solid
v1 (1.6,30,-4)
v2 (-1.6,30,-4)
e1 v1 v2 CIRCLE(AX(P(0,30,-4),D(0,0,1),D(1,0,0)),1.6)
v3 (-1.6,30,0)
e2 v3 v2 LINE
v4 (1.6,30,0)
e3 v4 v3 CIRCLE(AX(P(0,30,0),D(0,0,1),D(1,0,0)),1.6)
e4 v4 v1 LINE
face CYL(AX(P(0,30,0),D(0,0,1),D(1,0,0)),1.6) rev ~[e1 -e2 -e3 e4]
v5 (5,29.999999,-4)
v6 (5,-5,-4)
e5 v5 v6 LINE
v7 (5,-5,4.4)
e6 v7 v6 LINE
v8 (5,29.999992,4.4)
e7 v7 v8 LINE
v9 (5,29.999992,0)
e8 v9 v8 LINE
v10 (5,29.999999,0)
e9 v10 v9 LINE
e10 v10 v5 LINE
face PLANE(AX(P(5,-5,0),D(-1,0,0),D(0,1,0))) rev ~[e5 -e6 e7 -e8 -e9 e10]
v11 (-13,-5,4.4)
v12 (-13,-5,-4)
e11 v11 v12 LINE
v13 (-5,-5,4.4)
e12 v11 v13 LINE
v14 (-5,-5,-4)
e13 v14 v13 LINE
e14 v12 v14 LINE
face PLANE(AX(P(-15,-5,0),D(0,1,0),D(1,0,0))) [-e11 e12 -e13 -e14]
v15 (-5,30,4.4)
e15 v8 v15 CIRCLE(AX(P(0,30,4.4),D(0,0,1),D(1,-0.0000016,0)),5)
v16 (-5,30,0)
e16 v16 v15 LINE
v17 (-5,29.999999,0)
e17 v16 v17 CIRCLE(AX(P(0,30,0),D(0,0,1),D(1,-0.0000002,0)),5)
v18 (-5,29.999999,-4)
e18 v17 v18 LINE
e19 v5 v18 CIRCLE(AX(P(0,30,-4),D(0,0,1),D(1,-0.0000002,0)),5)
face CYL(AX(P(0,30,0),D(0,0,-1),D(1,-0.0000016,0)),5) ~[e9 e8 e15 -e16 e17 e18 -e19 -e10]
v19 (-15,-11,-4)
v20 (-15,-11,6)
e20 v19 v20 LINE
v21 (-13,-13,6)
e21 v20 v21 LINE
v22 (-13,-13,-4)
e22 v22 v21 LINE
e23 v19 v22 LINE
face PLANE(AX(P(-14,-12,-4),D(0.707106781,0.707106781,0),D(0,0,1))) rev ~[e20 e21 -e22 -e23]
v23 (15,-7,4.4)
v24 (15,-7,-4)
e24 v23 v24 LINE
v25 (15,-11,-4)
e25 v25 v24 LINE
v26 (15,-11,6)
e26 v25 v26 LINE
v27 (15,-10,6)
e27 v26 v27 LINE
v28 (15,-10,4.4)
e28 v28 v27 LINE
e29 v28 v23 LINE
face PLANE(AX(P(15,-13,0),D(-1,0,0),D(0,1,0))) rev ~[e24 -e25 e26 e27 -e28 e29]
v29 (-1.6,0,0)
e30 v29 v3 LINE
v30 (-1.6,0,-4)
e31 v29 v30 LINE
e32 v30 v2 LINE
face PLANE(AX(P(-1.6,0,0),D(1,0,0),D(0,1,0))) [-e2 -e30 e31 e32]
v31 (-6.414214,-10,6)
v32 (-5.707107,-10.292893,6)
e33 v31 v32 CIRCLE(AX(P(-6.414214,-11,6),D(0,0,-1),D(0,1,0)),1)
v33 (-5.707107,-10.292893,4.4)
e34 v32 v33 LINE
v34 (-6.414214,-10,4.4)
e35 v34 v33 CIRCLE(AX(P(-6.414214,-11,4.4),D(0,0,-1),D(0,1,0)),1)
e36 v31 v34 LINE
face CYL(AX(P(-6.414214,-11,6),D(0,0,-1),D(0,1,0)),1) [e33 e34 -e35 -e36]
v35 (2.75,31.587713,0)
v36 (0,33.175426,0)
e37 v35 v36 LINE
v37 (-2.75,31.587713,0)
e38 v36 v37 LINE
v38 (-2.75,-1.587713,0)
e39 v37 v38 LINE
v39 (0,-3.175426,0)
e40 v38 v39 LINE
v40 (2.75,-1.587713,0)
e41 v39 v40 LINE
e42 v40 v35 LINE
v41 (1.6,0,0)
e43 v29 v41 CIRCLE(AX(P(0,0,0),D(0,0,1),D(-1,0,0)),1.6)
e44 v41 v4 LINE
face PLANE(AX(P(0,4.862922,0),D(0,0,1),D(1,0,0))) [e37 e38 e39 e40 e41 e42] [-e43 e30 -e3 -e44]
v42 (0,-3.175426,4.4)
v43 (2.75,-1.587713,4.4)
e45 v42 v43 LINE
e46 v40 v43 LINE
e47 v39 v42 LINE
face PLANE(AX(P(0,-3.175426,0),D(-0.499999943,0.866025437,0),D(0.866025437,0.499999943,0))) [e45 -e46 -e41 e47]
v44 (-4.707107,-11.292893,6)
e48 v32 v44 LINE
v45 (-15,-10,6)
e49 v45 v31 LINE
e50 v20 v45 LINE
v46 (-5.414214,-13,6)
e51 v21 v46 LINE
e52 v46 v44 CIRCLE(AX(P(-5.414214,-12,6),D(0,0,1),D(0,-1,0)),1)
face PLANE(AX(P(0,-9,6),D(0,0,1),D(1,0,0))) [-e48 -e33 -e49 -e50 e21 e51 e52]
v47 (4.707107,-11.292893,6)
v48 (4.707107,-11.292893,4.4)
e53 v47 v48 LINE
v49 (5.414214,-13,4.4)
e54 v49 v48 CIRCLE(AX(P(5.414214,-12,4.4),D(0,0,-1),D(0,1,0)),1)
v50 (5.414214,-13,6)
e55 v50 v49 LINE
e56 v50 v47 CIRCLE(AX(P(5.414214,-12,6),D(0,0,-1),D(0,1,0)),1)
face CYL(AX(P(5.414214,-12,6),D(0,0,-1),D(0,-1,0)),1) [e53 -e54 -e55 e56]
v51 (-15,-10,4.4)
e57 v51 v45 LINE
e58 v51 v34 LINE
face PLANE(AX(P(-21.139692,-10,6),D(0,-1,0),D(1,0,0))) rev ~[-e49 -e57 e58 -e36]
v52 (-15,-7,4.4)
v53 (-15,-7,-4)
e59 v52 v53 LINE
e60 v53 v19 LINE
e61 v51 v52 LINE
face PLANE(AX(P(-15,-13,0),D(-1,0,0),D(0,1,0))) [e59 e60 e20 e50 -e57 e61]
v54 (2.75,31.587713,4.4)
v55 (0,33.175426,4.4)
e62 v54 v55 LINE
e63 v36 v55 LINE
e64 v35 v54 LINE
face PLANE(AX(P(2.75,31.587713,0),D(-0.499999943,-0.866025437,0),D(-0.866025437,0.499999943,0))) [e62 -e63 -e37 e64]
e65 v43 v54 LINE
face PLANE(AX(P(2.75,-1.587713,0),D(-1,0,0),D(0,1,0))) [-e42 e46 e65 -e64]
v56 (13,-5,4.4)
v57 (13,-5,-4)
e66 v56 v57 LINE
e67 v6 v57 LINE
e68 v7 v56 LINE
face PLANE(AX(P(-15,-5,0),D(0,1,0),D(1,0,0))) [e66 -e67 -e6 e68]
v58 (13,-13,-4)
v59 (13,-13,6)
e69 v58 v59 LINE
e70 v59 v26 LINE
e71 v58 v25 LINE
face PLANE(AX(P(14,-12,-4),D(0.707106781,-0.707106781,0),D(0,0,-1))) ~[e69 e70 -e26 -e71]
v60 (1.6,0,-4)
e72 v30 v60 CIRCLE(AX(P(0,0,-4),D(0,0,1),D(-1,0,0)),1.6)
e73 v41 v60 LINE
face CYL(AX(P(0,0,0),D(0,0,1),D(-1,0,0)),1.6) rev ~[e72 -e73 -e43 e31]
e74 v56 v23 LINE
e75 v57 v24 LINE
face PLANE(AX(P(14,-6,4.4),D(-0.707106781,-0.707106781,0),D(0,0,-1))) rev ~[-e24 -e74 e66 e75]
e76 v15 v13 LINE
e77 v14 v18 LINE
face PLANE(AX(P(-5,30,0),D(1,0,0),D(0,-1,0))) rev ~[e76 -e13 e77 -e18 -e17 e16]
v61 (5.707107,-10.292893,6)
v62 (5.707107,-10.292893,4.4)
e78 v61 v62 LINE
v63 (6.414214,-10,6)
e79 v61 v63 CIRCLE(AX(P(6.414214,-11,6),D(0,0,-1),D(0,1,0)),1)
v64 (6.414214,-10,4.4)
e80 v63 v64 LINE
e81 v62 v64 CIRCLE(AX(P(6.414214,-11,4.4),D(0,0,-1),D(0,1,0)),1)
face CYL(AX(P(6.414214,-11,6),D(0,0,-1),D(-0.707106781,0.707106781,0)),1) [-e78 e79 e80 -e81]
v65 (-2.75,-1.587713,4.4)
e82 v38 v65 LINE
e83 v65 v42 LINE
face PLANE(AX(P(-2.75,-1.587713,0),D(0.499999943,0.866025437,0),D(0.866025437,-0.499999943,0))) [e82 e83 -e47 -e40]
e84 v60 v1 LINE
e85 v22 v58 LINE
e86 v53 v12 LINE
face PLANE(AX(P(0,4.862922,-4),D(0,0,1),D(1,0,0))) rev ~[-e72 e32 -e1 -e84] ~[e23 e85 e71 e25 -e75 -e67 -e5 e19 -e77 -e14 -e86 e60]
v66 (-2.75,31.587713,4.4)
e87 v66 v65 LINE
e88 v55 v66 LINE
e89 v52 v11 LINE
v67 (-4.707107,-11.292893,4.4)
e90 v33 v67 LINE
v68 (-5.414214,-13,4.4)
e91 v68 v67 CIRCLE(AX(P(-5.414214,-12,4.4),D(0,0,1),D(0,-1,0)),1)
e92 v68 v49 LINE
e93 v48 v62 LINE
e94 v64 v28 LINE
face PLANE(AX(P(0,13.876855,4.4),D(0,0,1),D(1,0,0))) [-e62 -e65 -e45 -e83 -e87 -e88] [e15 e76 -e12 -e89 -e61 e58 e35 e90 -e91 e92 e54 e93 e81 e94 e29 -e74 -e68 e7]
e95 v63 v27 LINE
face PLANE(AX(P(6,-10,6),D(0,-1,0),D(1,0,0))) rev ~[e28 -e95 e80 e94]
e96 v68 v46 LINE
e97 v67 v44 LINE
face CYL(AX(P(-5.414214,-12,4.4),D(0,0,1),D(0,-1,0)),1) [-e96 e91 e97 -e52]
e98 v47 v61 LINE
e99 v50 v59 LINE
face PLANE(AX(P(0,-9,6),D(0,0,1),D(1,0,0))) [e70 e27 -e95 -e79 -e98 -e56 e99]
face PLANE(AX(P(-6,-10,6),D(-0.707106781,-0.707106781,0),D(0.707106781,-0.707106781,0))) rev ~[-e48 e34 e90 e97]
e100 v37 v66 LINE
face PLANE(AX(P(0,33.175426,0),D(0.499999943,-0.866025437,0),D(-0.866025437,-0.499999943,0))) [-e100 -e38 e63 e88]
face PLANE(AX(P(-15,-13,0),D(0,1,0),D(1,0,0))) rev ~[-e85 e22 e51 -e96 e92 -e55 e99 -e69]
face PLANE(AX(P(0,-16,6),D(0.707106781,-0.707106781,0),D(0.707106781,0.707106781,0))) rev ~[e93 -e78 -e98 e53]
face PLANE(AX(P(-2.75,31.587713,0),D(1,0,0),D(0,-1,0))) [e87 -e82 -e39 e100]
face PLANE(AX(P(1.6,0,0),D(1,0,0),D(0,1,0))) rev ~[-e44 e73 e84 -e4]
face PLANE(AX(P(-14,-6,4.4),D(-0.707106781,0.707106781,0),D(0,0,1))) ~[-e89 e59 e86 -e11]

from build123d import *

# Parameters (mm, degrees)
PAD_DEPTH    = 4
SKETCH001_W  = 30
SKETCH001_H  = 8
PAD001_DEPTH = 6
POCKET_DEPTH = 1.6
CHAMFER_SIZE = 2
FILLET_R     = 1
PAD002_DEPTH = 4.4


with BuildPart() as part:
    # Sketch → Pad (new body)
    with BuildSketch(Plane.XY):
        with BuildLine():
            ThreePointArc((5, 29.999999), (0, 35), (-5, 29.999999))
            Line((-5, -5), (-5, 29.999999))
            Line((-15, -5), (-5, -5))
            Line((-15, -5), (-15, -13))
            Line((-15, -13), (15, -13))
            Line((15, -13), (15, -5))
            Line((5, -5), (15, -5))
            Line((5, 29.999999), (5, -5))
        make_face()
        with BuildLine():
            ThreePointArc((-1.6, 0), (0, -1.6), (1.6, 0))
            Line((1.6, 0), (1.6, 30))
            ThreePointArc((1.6, 30), (0, 31.6), (-1.6, 30))
            Line((-1.6, 0), (-1.6, 30))
        make_face(mode=Mode.SUBTRACT)
    extrude(amount=-PAD_DEPTH)

    # Sketch001 → Pad001 (join)
    with BuildSketch(Plane.XY):
        with Locations((0, -9)):
            Rectangle(SKETCH001_W, SKETCH001_H)
    extrude(amount=PAD001_DEPTH)

    # Sketch002 → Pocket (cut)
    with BuildSketch(Plane.XY.offset(6)):
        Polygon((-6, -10), (0, -16), (6, -10), (22.322094, -10), (22.322094, -1.337342), (-21.139692, -1.337342), (-21.139692, -10), align=None)
    extrude(amount=-POCKET_DEPTH, mode=Mode.SUBTRACT)

    # Chamfer
    chamfer_edges = [part.edges().sort_by_distance(p)[0] for p in [
        (15, -5, 2.2),
        (15, -13, 3),
        (-15, -5, 2.2),
        (-15, -13, 3),
    ]]
    chamfer(chamfer_edges, length=CHAMFER_SIZE)

    # Fillet
    fillet_edges = [part.edges().sort_by_distance(p)[0] for p in [
        (-6, -10, 5.2),
        (-3, -13, 5.2),
        (6, -10, 5.2),
        (3, -13, 5.2),
    ]]
    fillet(fillet_edges, radius=FILLET_R)

    # Sketch003 → Pad002 (join)
    with BuildSketch(Plane.XY):
        with BuildLine():
            ThreePointArc((5, 29.999992), (4e-06, 35), (-5, 30))
            Line((-5, 30), (-5, -5))
            Line((-5, -5), (5, -5))
            Line((5, -5), (5, 29.999992))
        make_face()
        Polygon((-2.75, -1.587713), (0, -3.175426), (2.75, -1.587713), (2.75, 31.587713), (0, 33.175426), (-2.75, 31.587713), align=None, mode=Mode.SUBTRACT)
    extrude(amount=PAD002_DEPTH)


solid = part.part
